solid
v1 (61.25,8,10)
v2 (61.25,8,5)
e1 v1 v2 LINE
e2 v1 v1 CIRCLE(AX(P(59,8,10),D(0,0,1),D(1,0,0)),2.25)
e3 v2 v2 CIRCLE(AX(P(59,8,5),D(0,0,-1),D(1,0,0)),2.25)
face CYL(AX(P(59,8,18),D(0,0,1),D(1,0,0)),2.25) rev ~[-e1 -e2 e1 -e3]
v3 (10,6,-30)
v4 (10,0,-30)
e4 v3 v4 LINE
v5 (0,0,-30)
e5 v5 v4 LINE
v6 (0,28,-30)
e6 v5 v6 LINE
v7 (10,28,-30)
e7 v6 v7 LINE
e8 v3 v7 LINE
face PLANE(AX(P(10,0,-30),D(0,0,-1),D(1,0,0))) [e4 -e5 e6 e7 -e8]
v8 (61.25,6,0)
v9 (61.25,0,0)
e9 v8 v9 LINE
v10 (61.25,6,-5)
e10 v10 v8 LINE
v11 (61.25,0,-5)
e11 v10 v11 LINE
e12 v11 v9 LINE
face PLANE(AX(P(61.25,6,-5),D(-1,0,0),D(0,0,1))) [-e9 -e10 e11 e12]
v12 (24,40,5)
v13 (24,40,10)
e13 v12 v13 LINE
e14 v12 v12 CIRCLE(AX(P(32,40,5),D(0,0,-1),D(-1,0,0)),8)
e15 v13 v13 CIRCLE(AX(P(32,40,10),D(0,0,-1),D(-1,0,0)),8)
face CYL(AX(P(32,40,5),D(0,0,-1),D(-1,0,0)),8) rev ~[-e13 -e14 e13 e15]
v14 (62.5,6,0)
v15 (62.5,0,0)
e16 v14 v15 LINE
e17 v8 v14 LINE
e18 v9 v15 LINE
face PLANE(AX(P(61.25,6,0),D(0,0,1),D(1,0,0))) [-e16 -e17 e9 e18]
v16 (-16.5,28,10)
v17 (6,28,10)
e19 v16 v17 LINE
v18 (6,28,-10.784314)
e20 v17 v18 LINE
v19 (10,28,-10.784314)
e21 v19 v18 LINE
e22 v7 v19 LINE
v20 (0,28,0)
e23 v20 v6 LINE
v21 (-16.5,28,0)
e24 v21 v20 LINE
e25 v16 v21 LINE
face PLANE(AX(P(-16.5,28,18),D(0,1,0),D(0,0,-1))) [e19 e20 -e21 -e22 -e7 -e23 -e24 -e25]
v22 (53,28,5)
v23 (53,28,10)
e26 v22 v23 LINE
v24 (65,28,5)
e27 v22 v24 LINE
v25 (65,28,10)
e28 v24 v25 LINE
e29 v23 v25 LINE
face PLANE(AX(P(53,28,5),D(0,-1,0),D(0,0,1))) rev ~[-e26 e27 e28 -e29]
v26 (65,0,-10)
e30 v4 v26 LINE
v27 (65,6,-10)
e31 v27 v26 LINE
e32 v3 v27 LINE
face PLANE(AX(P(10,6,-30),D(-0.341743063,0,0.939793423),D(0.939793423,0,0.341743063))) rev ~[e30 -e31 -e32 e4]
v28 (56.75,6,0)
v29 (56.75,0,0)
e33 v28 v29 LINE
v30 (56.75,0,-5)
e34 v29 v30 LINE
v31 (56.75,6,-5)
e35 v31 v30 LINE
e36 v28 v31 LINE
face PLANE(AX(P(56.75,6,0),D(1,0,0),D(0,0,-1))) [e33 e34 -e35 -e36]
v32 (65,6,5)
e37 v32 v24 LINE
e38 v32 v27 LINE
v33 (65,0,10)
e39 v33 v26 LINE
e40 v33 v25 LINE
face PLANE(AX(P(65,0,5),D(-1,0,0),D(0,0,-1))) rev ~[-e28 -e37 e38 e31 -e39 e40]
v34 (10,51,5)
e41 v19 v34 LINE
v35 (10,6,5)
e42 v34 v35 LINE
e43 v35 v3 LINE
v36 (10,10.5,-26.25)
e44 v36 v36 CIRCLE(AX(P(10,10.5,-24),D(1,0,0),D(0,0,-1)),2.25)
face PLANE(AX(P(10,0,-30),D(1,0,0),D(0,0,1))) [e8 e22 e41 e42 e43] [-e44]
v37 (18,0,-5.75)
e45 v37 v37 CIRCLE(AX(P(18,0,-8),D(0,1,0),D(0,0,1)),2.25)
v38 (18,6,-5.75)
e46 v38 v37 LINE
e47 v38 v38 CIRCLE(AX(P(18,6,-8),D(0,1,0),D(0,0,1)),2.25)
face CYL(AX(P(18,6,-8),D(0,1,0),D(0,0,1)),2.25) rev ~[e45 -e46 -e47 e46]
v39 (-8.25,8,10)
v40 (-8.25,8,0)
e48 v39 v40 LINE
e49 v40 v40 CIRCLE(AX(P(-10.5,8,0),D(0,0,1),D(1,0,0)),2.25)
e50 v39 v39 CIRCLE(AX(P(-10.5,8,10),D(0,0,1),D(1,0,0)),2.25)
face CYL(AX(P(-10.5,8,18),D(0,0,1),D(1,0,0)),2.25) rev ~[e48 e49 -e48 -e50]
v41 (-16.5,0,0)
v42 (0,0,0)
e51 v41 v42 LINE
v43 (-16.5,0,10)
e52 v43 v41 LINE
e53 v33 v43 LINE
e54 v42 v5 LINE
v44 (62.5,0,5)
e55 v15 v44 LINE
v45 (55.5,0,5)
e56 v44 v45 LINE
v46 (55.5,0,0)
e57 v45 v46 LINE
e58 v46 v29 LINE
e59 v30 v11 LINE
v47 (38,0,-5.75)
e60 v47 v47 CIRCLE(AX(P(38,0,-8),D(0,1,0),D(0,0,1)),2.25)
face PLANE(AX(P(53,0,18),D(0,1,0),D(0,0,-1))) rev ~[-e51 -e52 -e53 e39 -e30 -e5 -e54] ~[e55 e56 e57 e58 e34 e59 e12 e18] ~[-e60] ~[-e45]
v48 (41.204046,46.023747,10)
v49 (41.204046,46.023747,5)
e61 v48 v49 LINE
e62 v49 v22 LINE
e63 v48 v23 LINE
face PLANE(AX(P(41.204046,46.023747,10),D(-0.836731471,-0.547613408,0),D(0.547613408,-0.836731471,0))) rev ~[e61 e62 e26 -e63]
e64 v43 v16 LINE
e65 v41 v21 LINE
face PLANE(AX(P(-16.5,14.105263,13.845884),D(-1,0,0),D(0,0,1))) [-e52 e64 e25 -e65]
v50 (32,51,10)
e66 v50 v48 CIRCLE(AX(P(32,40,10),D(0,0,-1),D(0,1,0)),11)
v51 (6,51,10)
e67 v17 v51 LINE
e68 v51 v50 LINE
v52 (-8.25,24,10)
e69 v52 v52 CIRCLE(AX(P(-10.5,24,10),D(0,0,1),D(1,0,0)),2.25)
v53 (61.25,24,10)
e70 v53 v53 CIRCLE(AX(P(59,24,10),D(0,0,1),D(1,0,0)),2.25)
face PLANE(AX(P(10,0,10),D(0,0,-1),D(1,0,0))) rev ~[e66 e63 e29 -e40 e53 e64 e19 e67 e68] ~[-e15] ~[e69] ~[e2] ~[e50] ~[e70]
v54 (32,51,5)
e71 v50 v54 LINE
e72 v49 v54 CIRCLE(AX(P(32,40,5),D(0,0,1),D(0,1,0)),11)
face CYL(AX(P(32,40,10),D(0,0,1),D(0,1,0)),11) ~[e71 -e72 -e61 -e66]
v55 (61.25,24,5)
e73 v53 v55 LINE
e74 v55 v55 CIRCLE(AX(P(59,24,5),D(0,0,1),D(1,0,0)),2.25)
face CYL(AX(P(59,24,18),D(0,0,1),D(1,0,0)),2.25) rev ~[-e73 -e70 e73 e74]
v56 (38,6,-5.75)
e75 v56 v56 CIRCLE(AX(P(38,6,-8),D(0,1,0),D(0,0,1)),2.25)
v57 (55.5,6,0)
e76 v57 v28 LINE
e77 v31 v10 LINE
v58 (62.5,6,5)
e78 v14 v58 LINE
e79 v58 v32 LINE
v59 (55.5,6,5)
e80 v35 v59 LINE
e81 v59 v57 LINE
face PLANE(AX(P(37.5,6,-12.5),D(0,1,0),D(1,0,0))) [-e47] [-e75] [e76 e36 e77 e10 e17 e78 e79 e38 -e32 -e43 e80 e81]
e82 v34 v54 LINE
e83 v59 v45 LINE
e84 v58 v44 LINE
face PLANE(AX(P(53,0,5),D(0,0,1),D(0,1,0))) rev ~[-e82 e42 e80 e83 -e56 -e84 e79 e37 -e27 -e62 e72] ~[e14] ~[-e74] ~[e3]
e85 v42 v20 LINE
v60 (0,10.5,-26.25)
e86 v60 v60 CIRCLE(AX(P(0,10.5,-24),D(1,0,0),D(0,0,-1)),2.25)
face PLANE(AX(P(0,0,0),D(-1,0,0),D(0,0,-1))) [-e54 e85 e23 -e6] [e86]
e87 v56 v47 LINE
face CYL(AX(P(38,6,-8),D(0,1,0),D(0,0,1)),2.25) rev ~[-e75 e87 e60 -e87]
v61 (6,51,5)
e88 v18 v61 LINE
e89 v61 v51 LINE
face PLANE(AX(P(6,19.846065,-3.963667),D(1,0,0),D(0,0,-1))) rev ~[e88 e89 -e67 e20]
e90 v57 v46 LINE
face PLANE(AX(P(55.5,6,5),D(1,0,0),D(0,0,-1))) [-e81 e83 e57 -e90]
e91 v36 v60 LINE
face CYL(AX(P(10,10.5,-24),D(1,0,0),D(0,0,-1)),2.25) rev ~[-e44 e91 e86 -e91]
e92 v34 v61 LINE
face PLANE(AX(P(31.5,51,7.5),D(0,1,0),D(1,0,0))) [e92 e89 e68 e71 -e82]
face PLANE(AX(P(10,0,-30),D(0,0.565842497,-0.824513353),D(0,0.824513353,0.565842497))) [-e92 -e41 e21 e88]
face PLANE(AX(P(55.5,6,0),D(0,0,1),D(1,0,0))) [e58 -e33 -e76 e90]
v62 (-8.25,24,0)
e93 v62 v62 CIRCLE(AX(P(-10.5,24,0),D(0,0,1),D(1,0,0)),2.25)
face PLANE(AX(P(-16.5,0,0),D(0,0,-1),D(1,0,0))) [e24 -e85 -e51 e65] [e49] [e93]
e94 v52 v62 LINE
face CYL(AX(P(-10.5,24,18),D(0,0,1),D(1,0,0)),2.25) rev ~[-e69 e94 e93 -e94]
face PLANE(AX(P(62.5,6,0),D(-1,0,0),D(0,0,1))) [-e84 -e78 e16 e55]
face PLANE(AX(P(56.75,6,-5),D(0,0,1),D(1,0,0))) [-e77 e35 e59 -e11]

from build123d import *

# Parameters (mm, degrees)
BOSS_EXTRUDE1_DEPTH = 28
SKETCH3_W           = 43
SKETCH3_H           = 5
BOSS_EXTRUDE2_DEPTH = 51
SKETCH4_R           = 8
CUT_EXTRUDE1_DEPTH  = 82.455509329
BOSS_EXTRUDE3_DEPTH = 12
BOSS_EXTRUDE4_DEPTH = 12
SKETCH5_R           = 2.25
CUT_EXTRUDE2_DEPTH  = 96.551033485
SKETCH8_W           = 55
SKETCH8_H           = 35
BOSS_EXTRUDE5_DEPTH = 6
CUT_EXTRUDE3_DEPTH  = 85.557672626
BOSS_EXTRUDE6_DEPTH = 4
SKETCH11_R          = 2.25
CUT_EXTRUDE4_DEPTH  = 81.783661714
CUT_EXTRUDE5_REACH  = 86.558
SKETCH12_R          = 2.25
CUT_EXTRUDE6_DEPTH  = 85.557672626
CUT_EXTRUDE7_DEPTH  = 92.793245939
SKETCH15_W          = 8
SKETCH15_H          = 28
CUT_EXTRUDE8_DEPTH  = 101.713703139


with BuildPart() as part:
    # Sketch2 → Boss-Extrude1 (new body)
    with BuildSketch(Plane(origin=(0, 0, 0), x_dir=(1, 0, 0), z_dir=(0, 1, 0))):
        Polygon((-16.5, 0), (0, 0), (0, 30), (10, 30), (10, -10), (-16.5, -10), align=None)
    extrude(amount=BOSS_EXTRUDE1_DEPTH)

    # Sketch3 → Boss-Extrude2 (add)
    with BuildSketch(Plane(origin=(0, 0, 0), x_dir=(1, 0, 0), z_dir=(0, 1, 0))):
        with Locations((31.5, -7.5)):
            Rectangle(SKETCH3_W, SKETCH3_H)
    extrude(amount=BOSS_EXTRUDE2_DEPTH)

    # Sketch4 → Cut-Extrude1 (cut, through all)
    with BuildSketch(Plane(origin=(0, 0, 5), x_dir=(-1, 0, 0), z_dir=(0, 0, -1))):
        with Locations((-32, 40)):
            Circle(SKETCH4_R)
    extrude(amount=-CUT_EXTRUDE1_DEPTH, mode=Mode.SUBTRACT)

    # Sketch6 → Boss-Extrude3 (add)
    with BuildSketch(Plane.ZY.offset(16.5)):
        with BuildLine():
            Line((10, 28), (10, 0))
            Line((10, 0), (18, 0))
            Line((18, 0), (18, 12))
            ThreePointArc((18, 12), (14, 16), (18, 20))
            Line((18, 20), (18, 28))
            Line((18, 28), (10, 28))
        make_face()
    extrude(amount=-BOSS_EXTRUDE3_DEPTH)

    # Sketch7 → Boss-Extrude4 (add)
    with BuildSketch(Plane(origin=(53, 0, 0), x_dir=(0, 0, -1), z_dir=(1, 0, 0))):
        with BuildLine():
            Line((-18, 12), (-18, 0))
            Line((-18, 0), (-5, 0))
            Line((-5, 0), (-5, 28))
            Line((-5, 28), (-18, 28))
            Line((-18, 28), (-18, 20))
            ThreePointArc((-18, 20), (-14, 16), (-18, 12))
        make_face()
    extrude(amount=BOSS_EXTRUDE4_DEPTH)

    # Sketch5 → Cut-Extrude2 (cut, through all)
    with BuildSketch(Plane.XY.offset(18)):
        with Locations((-10.5, 24)):
            Circle(SKETCH5_R)
        with Locations((-10.5, 8)):
            Circle(SKETCH5_R)
        with Locations((59, 8)):
            Circle(SKETCH5_R)
        with Locations((59, 24)):
            Circle(SKETCH5_R)
    extrude(amount=-CUT_EXTRUDE2_DEPTH, mode=Mode.SUBTRACT)

    # Sketch8 → Boss-Extrude5 (add)
    with BuildSketch(Plane(origin=(0, 0, 0), x_dir=(1, 0, 0), z_dir=(0, 1, 0))):
        with Locations((37.5, 12.5)):
            Rectangle(SKETCH8_W, SKETCH8_H)
    extrude(amount=BOSS_EXTRUDE5_DEPTH)

    # Sketch9 → Cut-Extrude3 (cut, through all)
    with BuildSketch(Plane(origin=(0, 6, 0), x_dir=(-1, 0, 0), z_dir=(0, 1, 0))):
        Polygon((-62.5, 5), (-55.5, 5), (-55.5, 0), (-56.75, 0), (-56.75, -5), (-61.25, -5), (-61.25, 0), (-62.5, 0), align=None)
    extrude(amount=-CUT_EXTRUDE3_DEPTH, mode=Mode.SUBTRACT)

    # Sketch10 → Boss-Extrude6 (add)
    with BuildSketch(Plane.ZY.offset(-10)):
        Polygon((-30, 0), (5, 51), (10, 51), (10, 36.428571429), (10, 0), (-15, 0), align=None)
    extrude(amount=BOSS_EXTRUDE6_DEPTH)

    # Sketch11 → Cut-Extrude4 (cut, through all)
    with BuildSketch(Plane(origin=(10, 0, 0), x_dir=(0, 0, -1), z_dir=(1, 0, 0))):
        with Locations((24, 10.5)):
            Circle(SKETCH11_R)
    extrude(amount=-CUT_EXTRUDE4_DEPTH, mode=Mode.SUBTRACT)

    # Sketch12 → Cut-Extrude5 (cut, up to next)
    with BuildSketch(Plane(origin=(0, 6, 0), x_dir=(-1, 0, 0), z_dir=(0, 1, 0)), mode=Mode.PRIVATE) as cut_extrude5_sk1:
        with Locations(Location((-18, -8, 0), (0, 0, 90))):
            Circle(SKETCH12_R)
    cut_extrude5_tool1 = extrude(cut_extrude5_sk1.sketch, amount=-CUT_EXTRUDE5_REACH, mode=Mode.PRIVATE) & part.part
    # Sketch12 → Cut-Extrude5 (cut, up to next)
    with BuildSketch(Plane(origin=(0, 6, 0), x_dir=(-1, 0, 0), z_dir=(0, 1, 0)), mode=Mode.PRIVATE) as cut_extrude5_sk2:
        with Locations(Location((-38, -8, 0), (0, 0, 90))):
            Circle(SKETCH12_R)
    cut_extrude5_tool2 = extrude(cut_extrude5_sk2.sketch, amount=-CUT_EXTRUDE5_REACH, mode=Mode.PRIVATE) & part.part
    add(cut_extrude5_tool1.solids().sort_by_distance((18, 6, -8))[0], mode=Mode.SUBTRACT)
    add(cut_extrude5_tool2.solids().sort_by_distance((38, 6, -8))[0], mode=Mode.SUBTRACT)

    # Sketch13 → Cut-Extrude6 (cut, through all)
    with BuildSketch(Plane(origin=(0, 6, 0), x_dir=(-1, 0, 0), z_dir=(0, 1, 0))):
        Polygon((-10, -30), (-65, -10), (-65, -30), align=None)
    extrude(amount=-CUT_EXTRUDE6_DEPTH, mode=Mode.SUBTRACT)

    # Sketch14 → Cut-Extrude7 (cut, through all)
    with BuildSketch(Plane.XY.offset(10)):
        with BuildLine():
            Line((41.204046185, 46.02374749), (53, 28))
            Line((53, 28), (53, 51))
            Line((53, 51), (32, 51))
            ThreePointArc((32, 51), (37.23157613, 49.67629119), (41.204046185, 46.02374749))
        make_face()
    extrude(amount=-CUT_EXTRUDE7_DEPTH, mode=Mode.SUBTRACT)

    # Sketch15 → Cut-Extrude8 (cut, through all)
    with BuildSketch(Plane.ZY.offset(16.5)):
        with Locations((14, 14)):
            Rectangle(SKETCH15_W, SKETCH15_H)
    extrude(amount=-CUT_EXTRUDE8_DEPTH, mode=Mode.SUBTRACT)


solid = part.part
